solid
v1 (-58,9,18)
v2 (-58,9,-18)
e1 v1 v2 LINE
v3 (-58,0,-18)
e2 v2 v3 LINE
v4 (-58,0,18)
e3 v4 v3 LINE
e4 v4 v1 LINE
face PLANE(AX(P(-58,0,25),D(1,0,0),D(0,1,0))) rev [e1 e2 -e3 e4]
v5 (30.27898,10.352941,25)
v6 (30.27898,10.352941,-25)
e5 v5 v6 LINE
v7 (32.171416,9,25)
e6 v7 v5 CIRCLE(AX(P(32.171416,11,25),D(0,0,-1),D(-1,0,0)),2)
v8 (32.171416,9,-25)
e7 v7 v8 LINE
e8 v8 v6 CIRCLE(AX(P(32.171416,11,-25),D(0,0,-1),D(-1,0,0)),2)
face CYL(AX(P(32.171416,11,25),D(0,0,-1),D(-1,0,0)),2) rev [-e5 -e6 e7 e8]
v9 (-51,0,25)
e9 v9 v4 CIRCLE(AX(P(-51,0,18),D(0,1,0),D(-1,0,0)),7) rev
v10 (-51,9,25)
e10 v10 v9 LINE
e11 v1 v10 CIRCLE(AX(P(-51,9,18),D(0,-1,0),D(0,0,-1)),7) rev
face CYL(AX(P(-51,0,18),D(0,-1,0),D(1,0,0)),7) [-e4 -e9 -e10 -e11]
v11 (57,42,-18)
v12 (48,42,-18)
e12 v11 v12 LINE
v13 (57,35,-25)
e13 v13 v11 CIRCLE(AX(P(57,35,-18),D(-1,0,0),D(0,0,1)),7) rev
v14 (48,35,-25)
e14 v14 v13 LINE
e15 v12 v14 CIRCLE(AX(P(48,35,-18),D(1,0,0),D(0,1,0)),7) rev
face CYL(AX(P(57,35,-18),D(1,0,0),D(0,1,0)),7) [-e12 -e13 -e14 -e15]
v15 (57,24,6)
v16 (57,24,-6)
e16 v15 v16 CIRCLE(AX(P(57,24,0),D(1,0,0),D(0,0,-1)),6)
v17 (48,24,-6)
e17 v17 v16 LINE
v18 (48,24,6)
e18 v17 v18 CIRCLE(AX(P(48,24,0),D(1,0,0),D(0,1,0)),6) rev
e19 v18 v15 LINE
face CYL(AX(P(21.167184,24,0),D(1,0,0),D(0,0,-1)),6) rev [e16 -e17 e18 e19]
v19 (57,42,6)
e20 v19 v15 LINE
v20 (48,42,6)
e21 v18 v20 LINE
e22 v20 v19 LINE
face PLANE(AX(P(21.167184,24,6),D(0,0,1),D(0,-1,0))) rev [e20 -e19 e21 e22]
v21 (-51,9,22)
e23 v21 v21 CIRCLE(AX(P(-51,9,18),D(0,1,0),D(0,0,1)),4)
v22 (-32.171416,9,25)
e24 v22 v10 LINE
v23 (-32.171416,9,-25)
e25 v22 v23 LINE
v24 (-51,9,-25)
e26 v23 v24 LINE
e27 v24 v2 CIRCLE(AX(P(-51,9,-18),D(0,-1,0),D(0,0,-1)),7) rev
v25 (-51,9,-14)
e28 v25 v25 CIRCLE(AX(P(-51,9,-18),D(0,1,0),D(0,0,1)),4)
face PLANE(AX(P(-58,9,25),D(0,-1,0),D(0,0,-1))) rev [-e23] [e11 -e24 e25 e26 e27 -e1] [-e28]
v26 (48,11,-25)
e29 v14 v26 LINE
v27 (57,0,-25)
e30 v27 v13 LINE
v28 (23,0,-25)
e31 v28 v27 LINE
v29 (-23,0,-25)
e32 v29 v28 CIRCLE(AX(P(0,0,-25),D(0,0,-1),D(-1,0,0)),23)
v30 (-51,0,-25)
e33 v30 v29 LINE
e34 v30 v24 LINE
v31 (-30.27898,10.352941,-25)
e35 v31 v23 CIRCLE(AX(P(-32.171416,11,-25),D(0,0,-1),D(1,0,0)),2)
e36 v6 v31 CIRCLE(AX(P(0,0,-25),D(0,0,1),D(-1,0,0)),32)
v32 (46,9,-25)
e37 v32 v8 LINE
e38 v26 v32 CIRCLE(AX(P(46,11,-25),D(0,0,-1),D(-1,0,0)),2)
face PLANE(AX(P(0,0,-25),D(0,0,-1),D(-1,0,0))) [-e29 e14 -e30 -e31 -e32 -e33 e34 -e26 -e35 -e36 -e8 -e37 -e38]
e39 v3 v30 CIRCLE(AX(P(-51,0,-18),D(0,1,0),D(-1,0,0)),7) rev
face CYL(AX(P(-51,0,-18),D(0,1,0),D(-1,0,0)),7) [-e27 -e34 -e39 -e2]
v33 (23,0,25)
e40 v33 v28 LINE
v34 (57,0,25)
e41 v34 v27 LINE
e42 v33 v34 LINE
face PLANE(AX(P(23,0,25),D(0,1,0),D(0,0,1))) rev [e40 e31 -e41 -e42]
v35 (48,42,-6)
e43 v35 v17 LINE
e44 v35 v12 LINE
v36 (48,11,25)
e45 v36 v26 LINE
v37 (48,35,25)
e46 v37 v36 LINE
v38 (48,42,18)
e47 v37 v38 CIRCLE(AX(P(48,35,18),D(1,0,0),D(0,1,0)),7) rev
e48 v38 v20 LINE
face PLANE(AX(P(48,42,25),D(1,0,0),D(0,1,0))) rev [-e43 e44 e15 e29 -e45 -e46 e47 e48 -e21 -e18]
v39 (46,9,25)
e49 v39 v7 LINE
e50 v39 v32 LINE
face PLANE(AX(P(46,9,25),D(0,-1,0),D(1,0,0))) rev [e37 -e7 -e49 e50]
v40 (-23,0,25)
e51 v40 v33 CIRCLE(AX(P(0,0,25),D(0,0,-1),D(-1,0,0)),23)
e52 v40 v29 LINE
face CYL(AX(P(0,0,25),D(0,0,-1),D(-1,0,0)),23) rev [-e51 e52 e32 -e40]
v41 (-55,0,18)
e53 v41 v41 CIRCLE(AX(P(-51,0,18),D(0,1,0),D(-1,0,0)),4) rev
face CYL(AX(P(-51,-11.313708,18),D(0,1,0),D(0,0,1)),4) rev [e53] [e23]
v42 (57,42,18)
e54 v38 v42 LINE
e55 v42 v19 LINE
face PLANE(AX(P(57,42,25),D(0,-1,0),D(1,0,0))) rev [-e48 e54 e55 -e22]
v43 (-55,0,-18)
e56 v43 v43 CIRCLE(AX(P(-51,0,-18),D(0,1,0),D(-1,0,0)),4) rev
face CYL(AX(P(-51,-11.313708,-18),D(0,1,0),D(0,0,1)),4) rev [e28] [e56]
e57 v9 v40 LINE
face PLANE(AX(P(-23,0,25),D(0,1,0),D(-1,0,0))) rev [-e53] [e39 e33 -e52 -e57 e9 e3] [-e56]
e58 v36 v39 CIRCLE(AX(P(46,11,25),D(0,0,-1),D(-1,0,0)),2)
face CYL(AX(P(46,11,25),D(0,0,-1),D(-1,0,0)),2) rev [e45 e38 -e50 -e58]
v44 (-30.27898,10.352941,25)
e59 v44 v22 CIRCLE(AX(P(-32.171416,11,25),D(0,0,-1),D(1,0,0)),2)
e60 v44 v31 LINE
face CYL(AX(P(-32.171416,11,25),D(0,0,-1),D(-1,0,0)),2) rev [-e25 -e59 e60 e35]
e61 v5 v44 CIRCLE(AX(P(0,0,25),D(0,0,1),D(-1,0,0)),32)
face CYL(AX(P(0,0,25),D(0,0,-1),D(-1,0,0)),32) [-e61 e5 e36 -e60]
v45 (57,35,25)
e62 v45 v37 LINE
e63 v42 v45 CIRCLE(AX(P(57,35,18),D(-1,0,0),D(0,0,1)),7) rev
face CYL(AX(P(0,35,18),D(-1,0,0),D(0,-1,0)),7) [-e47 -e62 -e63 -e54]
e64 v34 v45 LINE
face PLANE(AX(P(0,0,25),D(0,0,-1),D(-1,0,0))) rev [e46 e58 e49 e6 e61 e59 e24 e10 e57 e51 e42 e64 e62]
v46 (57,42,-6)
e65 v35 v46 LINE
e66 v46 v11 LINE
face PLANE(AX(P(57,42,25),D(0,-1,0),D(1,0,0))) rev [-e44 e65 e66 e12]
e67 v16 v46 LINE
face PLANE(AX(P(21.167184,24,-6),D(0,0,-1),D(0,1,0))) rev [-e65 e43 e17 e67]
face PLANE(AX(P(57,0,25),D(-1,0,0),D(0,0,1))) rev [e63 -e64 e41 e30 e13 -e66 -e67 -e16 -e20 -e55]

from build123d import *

# Parameters (mm, degrees)
BOSS_EXTRUDE1_DEPTH = 25
CUT_EXTRUDE1_DEPTH  = 9
FILLET1_R           = 7
SKETCH4_R           = 4
CUT_EXTRUDE2_DEPTH  = 9


with BuildPart() as part:
    # Sketch2 → Boss-Extrude1 (new, symmetric)
    with BuildSketch(Plane.XY):
        with BuildLine():
            Line((23, 0), (57, 0))
            Line((57, 0), (57, 42))
            Line((57, 42), (48, 42))
            Line((48, 42), (48, 11))
            ThreePointArc((48, 11), (47.414213562, 9.585786438), (46, 9))
            Line((46, 9), (32.171415884, 9))
            ThreePointArc((32.171415884, 9), (31.008255888, 9.373021566), (30.278979656, 10.352941176))
            ThreePointArc((30.278979656, 10.352941176), (0, 32), (-30.278979656, 10.352941176))
            ThreePointArc((-30.278979656, 10.352941176), (-31.008255888, 9.373021566), (-32.171415884, 9))
            Line((-32.171415884, 9), (-58, 9))
            Line((-58, 9), (-58, 0))
            Line((-58, 0), (-23, 0))
            ThreePointArc((-23, 0), (0, 23), (23, 0))
        make_face()
    extrude(amount=BOSS_EXTRUDE1_DEPTH, both=True)

    # Sketch3 → Cut-Extrude1 (cut)
    with BuildSketch(Plane(origin=(57, 0, 0), x_dir=(0, 0, -1), z_dir=(1, 0, 0))):
        with BuildLine():
            Line((-6, 24), (-6, 42))
            Line((-6, 42), (6, 42))
            Line((6, 42), (6, 24))
            ThreePointArc((6, 24), (0, 18), (-6, 24))
        make_face()
    extrude(amount=-CUT_EXTRUDE1_DEPTH, mode=Mode.SUBTRACT)

    # Fillet1
    fillet1_edges = [part.edges().sort_by_distance(p)[0] for p in [
        (-58, 4.5, -25),
        (52.5, 42, -25),
        (52.5, 42, 25),
        (-58, 4.5, 25),
    ]]
    fillet(fillet1_edges, radius=FILLET1_R)

    # Sketch4 → Cut-Extrude2 (cut)
    with BuildSketch(Plane(origin=(0, 9, 0), x_dir=(1, 0, 0), z_dir=(0, 1, 0))):
        with Locations(Location((-51, 18, 0), (0, 0, 270))):
            Circle(SKETCH4_R)
        with Locations(Location((-51, -18, 0), (0, 0, 270))):
            Circle(SKETCH4_R)
    extrude(amount=-CUT_EXTRUDE2_DEPTH, mode=Mode.SUBTRACT)


solid = part.part
